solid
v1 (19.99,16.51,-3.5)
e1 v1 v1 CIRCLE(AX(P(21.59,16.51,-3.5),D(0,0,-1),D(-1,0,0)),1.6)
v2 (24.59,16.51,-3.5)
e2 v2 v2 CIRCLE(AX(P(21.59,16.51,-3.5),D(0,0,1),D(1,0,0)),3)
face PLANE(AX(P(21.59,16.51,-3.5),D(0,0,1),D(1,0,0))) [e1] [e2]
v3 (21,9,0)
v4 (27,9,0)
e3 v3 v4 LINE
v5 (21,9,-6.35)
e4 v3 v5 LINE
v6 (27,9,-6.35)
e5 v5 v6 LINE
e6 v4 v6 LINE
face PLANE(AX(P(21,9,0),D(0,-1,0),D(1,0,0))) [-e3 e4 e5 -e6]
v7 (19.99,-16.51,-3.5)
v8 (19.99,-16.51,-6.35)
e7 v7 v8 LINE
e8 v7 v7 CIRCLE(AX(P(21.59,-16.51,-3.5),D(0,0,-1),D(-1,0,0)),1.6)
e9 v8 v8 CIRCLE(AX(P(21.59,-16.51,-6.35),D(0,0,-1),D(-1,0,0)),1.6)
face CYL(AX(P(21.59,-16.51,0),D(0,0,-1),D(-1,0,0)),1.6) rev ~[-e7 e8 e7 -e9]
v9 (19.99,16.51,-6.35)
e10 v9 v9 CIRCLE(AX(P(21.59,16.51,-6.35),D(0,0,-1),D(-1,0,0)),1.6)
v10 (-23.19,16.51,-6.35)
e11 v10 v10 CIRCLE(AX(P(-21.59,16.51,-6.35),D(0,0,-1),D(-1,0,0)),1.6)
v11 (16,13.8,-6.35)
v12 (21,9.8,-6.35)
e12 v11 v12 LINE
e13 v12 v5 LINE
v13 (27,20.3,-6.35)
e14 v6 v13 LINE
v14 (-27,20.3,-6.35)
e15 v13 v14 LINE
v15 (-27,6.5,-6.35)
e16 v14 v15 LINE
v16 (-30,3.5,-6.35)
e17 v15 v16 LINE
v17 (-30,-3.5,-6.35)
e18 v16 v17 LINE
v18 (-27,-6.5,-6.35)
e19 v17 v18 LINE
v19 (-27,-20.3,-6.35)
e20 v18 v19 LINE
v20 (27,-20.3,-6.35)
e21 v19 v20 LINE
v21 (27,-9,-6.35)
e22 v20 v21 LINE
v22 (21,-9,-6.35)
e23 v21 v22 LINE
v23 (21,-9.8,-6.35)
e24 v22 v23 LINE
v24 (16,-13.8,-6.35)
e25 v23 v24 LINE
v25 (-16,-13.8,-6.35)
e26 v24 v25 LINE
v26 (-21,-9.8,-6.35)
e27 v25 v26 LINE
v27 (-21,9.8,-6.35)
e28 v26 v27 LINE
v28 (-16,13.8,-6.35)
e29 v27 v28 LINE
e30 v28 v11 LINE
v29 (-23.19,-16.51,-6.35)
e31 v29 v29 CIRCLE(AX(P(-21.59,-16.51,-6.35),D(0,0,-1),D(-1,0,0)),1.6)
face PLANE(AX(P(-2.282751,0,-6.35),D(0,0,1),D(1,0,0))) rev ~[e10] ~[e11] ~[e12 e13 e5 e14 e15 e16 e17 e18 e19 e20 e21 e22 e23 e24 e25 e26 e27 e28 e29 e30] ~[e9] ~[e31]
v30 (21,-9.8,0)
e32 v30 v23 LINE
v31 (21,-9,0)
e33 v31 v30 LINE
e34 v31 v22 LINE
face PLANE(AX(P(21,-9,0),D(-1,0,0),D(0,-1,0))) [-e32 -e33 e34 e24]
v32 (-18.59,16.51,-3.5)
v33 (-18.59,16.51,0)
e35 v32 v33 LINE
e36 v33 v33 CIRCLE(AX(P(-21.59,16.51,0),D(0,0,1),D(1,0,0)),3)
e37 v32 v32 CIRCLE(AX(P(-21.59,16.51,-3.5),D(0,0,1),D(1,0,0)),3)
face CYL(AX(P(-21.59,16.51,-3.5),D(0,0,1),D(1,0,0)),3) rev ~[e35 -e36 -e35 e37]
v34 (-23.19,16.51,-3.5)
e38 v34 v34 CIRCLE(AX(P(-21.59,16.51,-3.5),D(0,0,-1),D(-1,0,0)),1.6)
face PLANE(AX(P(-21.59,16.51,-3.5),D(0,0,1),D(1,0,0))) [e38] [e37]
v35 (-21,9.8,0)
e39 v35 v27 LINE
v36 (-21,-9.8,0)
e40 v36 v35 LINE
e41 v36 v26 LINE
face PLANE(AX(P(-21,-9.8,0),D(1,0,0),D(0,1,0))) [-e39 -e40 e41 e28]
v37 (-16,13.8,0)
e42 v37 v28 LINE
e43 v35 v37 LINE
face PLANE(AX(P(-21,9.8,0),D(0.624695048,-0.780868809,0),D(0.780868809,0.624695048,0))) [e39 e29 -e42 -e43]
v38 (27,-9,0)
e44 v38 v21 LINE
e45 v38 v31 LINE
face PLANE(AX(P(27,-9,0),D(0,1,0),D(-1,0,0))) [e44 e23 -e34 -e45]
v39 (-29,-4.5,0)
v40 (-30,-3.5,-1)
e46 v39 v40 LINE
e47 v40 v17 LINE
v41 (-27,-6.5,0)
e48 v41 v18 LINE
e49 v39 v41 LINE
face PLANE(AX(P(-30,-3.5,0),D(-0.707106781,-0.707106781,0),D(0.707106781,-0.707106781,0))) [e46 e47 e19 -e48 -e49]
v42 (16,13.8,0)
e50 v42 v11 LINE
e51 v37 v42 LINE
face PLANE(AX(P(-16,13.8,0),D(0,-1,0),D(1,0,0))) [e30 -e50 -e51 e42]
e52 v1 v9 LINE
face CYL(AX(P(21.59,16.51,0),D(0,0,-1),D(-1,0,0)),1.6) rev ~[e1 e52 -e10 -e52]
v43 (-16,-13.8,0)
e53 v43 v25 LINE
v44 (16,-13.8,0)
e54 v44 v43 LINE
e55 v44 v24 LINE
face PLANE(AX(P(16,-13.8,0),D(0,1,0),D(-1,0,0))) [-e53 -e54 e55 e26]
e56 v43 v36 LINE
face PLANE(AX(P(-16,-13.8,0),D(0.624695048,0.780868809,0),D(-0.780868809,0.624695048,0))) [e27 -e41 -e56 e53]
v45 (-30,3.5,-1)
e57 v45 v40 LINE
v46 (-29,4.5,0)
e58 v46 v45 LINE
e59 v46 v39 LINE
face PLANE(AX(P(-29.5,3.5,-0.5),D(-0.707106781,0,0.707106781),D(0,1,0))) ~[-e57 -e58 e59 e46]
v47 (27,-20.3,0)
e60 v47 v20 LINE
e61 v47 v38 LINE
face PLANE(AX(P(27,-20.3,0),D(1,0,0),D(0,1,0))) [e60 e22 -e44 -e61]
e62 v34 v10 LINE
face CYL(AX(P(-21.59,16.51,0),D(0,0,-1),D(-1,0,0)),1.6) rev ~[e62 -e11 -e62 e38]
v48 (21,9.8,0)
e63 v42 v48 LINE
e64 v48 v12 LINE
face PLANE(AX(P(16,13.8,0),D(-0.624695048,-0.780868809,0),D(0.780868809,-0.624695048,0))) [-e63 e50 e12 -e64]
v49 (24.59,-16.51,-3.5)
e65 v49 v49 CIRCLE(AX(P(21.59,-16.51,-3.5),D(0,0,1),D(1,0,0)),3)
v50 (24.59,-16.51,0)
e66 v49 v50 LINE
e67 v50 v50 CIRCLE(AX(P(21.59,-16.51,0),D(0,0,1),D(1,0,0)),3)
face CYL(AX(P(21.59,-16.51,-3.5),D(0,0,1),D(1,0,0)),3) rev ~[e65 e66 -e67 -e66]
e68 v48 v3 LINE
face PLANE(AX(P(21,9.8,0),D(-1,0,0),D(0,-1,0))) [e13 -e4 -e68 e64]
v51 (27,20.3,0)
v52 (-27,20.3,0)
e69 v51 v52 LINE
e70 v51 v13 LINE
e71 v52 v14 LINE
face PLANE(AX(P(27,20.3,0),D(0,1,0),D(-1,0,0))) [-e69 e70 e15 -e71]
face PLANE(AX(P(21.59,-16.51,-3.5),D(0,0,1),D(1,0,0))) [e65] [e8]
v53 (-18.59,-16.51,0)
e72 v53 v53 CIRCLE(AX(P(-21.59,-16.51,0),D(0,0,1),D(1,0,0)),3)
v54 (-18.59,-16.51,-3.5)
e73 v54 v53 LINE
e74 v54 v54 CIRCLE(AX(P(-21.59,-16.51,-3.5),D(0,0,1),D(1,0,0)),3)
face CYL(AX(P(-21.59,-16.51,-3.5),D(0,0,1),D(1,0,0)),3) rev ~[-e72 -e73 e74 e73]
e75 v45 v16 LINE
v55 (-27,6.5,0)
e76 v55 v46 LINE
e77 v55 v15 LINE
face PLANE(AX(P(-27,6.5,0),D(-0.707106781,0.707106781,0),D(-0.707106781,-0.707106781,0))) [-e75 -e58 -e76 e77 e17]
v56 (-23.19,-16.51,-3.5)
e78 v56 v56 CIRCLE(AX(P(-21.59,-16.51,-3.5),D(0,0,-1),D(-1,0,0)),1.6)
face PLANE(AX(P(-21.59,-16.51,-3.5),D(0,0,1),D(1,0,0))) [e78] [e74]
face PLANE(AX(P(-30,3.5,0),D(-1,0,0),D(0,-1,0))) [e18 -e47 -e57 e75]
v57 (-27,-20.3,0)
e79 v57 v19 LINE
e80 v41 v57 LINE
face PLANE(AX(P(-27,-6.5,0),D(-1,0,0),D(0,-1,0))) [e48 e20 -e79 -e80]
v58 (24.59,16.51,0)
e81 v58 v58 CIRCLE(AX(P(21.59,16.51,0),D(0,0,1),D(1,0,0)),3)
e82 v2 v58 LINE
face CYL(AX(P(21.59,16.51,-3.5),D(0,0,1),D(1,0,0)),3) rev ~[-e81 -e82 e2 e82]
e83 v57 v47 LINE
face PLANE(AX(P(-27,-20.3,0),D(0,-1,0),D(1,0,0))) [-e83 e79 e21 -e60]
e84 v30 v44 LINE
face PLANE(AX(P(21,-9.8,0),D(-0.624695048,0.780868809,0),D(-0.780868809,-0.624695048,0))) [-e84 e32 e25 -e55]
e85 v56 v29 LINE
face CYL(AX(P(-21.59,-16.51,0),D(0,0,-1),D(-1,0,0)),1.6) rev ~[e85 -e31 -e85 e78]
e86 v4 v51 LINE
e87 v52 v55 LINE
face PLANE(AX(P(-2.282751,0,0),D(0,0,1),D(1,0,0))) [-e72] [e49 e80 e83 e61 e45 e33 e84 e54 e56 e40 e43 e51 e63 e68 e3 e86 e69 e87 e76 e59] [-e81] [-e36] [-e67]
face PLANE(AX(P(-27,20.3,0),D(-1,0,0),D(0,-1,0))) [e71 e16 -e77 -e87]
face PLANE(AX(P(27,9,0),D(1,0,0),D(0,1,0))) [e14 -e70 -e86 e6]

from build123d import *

# Parameters (mm, degrees)
F1_DEPTH       = 6.35
F2_D           = 3.2
F2_CBORE_D     = 6
F2_CBORE_DEPTH = 3.5
F3_SIZE        = 1


with BuildPart() as f1:
    # F0 (on Top) → F1 (new body)
    with BuildSketch(Plane.XY):
        Polygon((-27, -20.3), (27, -20.3), (27, -9), (21, -9), (21, -9.8), (16, -13.8), (-16, -13.8), (-21, -9.8), (-21, 9.8), (-16, 13.8), (16, 13.8), (21, 9.8), (21, 9), (27, 9), (27, 20.3), (-27, 20.3), (-27, 6.5), (-30, 3.5), (-30, -3.5), (-27, -6.5), align=None)
    extrude(amount=-F1_DEPTH)

    # F2 (through all)
    with Locations(Plane.XY):
        with Locations((-21.59, -16.51), (21.59, -16.51), (21.59, 16.51), (-21.59, 16.51)):
            CounterBoreHole(F2_D / 2, F2_CBORE_D / 2, F2_CBORE_DEPTH)

    # F3
    f3_edges = [f1.edges().sort_by_distance(p)[0] for p in [
        (-30, 0, 0),
    ]]
    chamfer(f3_edges, length=F3_SIZE)


solid = f1.part
